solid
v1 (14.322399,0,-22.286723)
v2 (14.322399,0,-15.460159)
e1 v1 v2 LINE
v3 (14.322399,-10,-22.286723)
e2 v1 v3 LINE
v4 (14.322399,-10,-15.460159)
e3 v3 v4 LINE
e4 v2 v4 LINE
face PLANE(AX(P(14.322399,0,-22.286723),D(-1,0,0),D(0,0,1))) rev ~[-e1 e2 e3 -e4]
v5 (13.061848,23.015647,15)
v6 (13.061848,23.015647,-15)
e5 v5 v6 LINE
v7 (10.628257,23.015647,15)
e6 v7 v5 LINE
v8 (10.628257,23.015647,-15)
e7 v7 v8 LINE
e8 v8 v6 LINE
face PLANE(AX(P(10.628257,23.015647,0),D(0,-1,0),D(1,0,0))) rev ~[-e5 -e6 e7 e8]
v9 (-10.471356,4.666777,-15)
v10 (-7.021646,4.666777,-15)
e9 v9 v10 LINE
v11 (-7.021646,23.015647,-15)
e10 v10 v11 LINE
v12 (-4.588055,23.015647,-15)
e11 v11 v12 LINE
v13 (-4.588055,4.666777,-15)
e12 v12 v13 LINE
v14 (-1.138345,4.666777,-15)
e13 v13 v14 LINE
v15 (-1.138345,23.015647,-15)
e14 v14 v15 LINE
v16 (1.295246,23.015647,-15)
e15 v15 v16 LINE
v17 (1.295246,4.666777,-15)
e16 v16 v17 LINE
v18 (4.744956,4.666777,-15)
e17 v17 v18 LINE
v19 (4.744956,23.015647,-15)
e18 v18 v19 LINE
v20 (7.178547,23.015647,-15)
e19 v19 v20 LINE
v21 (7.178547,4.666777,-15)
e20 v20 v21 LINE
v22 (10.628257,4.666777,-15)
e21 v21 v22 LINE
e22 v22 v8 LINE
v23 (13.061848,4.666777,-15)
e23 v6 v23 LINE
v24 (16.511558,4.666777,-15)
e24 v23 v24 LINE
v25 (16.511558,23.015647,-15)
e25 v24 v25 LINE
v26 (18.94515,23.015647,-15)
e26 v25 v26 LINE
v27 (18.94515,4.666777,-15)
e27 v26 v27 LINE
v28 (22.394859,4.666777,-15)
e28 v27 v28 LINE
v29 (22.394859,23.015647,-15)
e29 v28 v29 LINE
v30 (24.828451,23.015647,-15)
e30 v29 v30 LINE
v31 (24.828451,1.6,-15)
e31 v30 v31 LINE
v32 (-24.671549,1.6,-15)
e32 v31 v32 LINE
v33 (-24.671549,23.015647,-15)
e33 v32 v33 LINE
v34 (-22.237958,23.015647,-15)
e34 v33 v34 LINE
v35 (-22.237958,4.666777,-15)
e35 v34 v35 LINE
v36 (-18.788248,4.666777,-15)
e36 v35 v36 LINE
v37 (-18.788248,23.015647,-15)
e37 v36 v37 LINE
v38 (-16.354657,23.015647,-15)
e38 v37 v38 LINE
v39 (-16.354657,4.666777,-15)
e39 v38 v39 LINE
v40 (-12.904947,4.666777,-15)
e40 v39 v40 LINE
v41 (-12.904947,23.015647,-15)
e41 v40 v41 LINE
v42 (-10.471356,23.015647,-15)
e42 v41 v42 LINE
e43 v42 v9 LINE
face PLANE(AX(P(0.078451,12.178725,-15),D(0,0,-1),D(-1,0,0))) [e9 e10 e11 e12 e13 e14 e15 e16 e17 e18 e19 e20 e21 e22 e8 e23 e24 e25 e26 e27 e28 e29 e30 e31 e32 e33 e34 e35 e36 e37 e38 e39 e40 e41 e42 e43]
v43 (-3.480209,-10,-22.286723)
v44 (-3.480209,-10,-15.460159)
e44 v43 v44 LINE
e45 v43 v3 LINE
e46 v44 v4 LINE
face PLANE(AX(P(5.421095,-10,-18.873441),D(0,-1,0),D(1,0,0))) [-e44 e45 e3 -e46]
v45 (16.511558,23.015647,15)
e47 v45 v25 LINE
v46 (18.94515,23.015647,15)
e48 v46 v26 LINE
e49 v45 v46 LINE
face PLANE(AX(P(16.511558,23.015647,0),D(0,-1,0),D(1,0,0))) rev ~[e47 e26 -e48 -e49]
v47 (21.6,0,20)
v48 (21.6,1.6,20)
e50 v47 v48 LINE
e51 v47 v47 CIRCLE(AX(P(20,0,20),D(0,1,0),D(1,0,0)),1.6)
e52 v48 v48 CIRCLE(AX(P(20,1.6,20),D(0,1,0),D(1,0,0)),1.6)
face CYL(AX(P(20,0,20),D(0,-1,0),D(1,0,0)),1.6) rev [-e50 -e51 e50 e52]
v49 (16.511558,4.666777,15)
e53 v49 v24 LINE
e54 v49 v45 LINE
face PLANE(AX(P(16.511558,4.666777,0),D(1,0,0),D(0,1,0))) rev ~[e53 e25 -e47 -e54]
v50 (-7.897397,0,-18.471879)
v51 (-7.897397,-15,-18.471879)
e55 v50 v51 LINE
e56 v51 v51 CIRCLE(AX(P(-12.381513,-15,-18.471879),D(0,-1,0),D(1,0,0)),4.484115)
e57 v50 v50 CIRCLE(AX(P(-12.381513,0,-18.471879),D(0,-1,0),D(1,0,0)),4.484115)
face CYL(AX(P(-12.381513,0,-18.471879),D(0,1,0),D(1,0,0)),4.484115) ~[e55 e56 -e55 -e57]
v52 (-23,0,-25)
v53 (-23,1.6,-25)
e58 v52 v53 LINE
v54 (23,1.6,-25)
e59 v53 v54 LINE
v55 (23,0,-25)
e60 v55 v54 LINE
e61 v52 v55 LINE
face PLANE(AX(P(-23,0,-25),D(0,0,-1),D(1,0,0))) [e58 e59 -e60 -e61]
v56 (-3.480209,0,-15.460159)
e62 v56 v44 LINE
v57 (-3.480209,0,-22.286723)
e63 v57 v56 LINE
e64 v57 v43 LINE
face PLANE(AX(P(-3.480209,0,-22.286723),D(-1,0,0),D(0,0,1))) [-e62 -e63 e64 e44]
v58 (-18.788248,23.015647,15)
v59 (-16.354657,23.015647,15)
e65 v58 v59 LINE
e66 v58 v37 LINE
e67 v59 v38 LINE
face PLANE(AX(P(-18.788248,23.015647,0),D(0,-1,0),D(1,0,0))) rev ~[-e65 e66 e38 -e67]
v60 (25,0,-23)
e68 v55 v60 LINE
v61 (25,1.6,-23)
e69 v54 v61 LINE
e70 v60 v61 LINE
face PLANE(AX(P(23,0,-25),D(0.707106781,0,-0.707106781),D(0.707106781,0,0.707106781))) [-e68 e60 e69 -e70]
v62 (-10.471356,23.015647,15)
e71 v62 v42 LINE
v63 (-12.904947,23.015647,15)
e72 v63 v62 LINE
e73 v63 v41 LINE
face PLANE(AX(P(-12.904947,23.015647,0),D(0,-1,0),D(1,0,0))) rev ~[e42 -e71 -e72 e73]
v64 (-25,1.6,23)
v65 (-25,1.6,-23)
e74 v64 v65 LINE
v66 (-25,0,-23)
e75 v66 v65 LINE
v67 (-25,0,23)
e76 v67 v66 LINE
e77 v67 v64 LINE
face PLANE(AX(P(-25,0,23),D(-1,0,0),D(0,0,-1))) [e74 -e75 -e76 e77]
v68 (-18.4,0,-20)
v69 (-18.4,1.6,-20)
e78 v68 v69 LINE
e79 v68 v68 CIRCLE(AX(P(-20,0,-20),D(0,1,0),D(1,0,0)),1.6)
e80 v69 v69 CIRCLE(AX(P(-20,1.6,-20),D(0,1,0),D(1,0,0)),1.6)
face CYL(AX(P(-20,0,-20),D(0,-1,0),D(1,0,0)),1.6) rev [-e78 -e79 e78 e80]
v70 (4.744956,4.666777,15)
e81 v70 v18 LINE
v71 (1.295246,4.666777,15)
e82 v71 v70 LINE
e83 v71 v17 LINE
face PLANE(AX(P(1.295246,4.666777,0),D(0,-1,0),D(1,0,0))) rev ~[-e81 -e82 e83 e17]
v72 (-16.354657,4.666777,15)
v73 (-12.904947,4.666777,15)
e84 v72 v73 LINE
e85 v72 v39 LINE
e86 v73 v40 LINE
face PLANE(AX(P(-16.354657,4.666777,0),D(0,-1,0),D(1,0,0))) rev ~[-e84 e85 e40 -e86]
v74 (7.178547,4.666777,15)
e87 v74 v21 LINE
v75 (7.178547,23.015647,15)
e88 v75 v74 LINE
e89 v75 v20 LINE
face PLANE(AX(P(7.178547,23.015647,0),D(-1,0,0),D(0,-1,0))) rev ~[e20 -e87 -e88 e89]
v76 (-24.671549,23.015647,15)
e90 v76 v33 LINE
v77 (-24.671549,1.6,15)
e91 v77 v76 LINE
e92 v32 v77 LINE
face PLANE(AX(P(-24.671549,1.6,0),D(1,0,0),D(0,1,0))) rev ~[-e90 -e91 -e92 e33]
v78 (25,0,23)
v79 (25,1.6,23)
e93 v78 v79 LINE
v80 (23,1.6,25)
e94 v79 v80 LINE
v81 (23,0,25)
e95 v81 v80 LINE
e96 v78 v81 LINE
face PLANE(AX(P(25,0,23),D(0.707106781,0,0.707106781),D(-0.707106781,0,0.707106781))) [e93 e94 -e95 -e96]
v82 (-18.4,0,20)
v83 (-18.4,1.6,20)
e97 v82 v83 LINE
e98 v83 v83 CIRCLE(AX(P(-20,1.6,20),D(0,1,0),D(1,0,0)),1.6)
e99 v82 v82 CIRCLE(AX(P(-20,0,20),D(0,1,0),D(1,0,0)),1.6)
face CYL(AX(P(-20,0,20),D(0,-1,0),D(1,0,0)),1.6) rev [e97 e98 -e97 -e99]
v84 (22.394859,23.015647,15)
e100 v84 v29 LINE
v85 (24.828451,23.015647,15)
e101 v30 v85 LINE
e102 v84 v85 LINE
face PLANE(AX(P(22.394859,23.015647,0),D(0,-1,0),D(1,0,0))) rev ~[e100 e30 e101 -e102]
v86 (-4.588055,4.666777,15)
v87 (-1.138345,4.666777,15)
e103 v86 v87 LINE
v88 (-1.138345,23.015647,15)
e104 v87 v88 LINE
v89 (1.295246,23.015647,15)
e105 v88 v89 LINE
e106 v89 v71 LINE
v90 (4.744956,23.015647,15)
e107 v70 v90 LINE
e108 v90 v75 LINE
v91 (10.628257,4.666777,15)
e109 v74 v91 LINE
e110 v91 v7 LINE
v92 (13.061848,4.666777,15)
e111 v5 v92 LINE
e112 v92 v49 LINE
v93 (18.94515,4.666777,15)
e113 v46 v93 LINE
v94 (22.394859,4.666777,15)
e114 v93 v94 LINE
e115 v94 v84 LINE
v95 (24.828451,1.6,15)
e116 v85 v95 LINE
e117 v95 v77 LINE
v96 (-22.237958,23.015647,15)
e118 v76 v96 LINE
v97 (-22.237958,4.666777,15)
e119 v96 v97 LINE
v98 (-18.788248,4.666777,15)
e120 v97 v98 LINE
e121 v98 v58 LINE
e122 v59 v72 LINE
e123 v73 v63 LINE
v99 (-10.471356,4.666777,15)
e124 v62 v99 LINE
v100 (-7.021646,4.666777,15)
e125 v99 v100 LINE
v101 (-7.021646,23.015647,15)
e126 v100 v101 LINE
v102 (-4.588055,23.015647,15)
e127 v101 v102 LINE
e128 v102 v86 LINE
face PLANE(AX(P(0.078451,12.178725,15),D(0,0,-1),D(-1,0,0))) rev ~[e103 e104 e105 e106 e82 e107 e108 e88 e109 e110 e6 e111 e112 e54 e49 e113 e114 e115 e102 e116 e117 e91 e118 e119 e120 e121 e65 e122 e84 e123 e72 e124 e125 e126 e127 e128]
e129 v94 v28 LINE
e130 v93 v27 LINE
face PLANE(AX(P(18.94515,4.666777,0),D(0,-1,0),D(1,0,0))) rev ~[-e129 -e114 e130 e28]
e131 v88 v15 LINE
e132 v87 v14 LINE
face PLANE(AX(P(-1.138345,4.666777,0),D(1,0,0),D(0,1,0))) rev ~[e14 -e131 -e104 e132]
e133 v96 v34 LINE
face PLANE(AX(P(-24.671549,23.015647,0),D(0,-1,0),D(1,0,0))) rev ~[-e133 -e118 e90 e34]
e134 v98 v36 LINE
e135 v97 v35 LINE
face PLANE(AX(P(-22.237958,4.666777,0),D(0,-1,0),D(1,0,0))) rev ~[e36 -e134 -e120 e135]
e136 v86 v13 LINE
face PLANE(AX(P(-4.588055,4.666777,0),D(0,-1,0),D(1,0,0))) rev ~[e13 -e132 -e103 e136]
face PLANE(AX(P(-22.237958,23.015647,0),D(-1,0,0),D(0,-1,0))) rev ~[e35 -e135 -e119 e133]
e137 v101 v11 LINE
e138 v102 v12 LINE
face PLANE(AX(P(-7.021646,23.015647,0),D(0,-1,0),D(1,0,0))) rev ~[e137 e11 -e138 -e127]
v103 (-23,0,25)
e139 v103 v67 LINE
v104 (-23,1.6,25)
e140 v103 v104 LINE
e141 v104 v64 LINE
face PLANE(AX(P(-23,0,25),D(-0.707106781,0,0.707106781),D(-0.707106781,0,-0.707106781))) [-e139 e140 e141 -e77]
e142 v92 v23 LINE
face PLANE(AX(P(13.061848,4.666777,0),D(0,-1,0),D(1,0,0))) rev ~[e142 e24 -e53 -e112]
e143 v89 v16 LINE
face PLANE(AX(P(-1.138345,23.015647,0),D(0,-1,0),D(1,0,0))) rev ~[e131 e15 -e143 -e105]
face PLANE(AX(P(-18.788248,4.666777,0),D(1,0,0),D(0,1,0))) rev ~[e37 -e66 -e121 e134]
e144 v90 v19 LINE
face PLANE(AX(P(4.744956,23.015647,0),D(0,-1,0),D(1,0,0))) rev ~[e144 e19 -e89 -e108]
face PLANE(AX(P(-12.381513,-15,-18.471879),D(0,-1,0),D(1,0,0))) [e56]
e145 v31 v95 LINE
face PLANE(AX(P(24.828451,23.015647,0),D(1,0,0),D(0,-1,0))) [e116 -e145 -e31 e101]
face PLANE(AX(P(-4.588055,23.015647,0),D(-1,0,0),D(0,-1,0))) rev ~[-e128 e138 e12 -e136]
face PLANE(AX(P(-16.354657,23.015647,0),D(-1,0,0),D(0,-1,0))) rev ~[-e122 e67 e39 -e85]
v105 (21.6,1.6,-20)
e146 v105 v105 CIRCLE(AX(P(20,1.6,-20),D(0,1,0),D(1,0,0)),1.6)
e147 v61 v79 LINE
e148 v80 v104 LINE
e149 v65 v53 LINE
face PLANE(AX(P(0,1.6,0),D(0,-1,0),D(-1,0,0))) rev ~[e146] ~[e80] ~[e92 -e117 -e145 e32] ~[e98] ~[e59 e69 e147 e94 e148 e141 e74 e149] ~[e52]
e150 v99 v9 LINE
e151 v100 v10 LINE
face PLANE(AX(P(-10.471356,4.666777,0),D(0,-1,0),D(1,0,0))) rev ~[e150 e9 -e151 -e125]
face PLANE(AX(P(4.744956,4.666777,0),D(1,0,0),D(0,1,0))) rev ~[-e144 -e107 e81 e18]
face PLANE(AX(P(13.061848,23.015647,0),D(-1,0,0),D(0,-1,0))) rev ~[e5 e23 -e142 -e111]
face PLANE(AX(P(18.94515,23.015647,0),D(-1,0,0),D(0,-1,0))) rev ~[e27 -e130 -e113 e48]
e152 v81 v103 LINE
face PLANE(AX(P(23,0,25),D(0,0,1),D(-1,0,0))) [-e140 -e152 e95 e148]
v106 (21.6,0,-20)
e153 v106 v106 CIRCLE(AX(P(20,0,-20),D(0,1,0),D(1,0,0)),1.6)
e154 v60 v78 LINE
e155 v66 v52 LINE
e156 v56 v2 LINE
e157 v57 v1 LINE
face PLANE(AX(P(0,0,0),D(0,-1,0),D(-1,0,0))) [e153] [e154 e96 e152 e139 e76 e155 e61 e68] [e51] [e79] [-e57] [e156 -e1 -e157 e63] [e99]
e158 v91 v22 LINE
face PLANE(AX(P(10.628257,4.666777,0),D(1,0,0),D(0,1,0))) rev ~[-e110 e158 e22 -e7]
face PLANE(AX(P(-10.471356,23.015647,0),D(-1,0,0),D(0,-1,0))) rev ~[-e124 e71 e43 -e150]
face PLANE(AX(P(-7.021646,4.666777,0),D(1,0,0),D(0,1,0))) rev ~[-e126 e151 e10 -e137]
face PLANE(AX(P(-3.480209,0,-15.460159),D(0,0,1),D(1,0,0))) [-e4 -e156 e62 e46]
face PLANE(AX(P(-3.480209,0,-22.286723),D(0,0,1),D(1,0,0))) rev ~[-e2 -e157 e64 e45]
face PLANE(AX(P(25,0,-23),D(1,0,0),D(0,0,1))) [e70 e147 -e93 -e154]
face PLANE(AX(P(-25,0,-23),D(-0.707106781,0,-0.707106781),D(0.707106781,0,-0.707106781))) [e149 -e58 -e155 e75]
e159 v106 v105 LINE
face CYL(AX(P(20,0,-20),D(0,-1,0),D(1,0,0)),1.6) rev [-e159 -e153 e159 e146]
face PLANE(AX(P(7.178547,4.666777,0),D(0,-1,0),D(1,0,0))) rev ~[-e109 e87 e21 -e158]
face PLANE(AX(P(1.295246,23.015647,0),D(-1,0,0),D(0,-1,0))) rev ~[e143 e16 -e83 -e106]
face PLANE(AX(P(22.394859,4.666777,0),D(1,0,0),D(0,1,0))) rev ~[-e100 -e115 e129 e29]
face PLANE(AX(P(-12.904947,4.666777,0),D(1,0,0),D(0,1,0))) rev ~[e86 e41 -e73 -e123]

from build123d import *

# Parameters (mm, degrees)
SKETCH1_R                = 1.6
BOSS_EXTRUDE1_DEPTH      = 1.6
BOSS_EXTRUDE2_DEPTH      = 15
BOSS_EXTRUDE2_DEPTH_BACK = 15
SKETCH3_R                = 4.484115481
BOSS_EXTRUDE3_DEPTH      = 15
SKETCH4_W                = 17.802607731
SKETCH4_H                = 6.826563867
BOSS_EXTRUDE4_DEPTH      = 10


with BuildPart() as part:
    # Sketch1 → Boss-Extrude1 (new body)
    with BuildSketch(Plane(origin=(0, 0, 0), x_dir=(1, 0, 0), z_dir=(0, 1, 0))):
        Polygon((-25, 23), (-23, 25), (23, 25), (25, 23), (25, -23), (23, -25), (-23, -25), (-25, -23), align=None)
        with Locations((20, 20)):
            Circle(SKETCH1_R, mode=Mode.SUBTRACT)
        with Locations((-20, 20)):
            Circle(SKETCH1_R, mode=Mode.SUBTRACT)
        with Locations((-20, -20)):
            Circle(SKETCH1_R, mode=Mode.SUBTRACT)
        with Locations((20, -20)):
            Circle(SKETCH1_R, mode=Mode.SUBTRACT)
    extrude(amount=BOSS_EXTRUDE1_DEPTH)

    # Sketch2 → Boss-Extrude2 (add, two sides)
    with BuildSketch(Plane.XY) as boss_extrude2_sk:
        Polygon((-24.671549394, 1.6), (-24.671549394, 23.015646785), (-22.237958156, 23.015646785), (-22.237958156, 4.666777426), (-18.788248299, 4.666777426), (-18.788248299, 23.015646785), (-16.354657061, 23.015646785), (-16.354657061, 4.666777426), (-12.904947204, 4.666777426), (-12.904947204, 23.015646785), (-10.471355966, 23.015646785), (-10.471355966, 4.666777426), (-7.021646108, 4.666777426), (-7.021646108, 23.015646785), (-4.588054871, 23.015646785), (-4.588054871, 4.666777426), (-1.138345013, 4.666777426), (-1.138345013, 23.015646785), (1.295246225, 23.015646785), (1.295246225, 4.666777426), (4.744956082, 4.666777426), (4.744956082, 23.015646785), (7.17854732, 23.015646785), (7.17854732, 4.666777426), (10.628257178, 4.666777426), (10.628257178, 23.015646785), (13.061848415, 23.015646785), (13.061848415, 4.666777426), (16.511558273, 4.666777426), (16.511558273, 23.015646785), (18.945149511, 23.015646785), (18.945149511, 4.666777426), (22.394859368, 4.666777426), (22.394859368, 23.015646785), (24.828450606, 23.015646785), (24.828450606, 1.6), align=None)
    extrude(amount=BOSS_EXTRUDE2_DEPTH)
    extrude(boss_extrude2_sk.sketch, amount=-BOSS_EXTRUDE2_DEPTH_BACK)

    # Sketch3 → Boss-Extrude3 (add)
    with BuildSketch(Plane.XZ):
        with Locations((-12.381512895, -18.471878698)):
            Circle(SKETCH3_R)
    extrude(amount=BOSS_EXTRUDE3_DEPTH)

    # Sketch4 → Boss-Extrude4 (add)
    with BuildSketch(Plane.XZ):
        with Locations((5.421094835, -18.873441279)):
            Rectangle(SKETCH4_W, SKETCH4_H)
    extrude(amount=BOSS_EXTRUDE4_DEPTH)


solid = part.part
